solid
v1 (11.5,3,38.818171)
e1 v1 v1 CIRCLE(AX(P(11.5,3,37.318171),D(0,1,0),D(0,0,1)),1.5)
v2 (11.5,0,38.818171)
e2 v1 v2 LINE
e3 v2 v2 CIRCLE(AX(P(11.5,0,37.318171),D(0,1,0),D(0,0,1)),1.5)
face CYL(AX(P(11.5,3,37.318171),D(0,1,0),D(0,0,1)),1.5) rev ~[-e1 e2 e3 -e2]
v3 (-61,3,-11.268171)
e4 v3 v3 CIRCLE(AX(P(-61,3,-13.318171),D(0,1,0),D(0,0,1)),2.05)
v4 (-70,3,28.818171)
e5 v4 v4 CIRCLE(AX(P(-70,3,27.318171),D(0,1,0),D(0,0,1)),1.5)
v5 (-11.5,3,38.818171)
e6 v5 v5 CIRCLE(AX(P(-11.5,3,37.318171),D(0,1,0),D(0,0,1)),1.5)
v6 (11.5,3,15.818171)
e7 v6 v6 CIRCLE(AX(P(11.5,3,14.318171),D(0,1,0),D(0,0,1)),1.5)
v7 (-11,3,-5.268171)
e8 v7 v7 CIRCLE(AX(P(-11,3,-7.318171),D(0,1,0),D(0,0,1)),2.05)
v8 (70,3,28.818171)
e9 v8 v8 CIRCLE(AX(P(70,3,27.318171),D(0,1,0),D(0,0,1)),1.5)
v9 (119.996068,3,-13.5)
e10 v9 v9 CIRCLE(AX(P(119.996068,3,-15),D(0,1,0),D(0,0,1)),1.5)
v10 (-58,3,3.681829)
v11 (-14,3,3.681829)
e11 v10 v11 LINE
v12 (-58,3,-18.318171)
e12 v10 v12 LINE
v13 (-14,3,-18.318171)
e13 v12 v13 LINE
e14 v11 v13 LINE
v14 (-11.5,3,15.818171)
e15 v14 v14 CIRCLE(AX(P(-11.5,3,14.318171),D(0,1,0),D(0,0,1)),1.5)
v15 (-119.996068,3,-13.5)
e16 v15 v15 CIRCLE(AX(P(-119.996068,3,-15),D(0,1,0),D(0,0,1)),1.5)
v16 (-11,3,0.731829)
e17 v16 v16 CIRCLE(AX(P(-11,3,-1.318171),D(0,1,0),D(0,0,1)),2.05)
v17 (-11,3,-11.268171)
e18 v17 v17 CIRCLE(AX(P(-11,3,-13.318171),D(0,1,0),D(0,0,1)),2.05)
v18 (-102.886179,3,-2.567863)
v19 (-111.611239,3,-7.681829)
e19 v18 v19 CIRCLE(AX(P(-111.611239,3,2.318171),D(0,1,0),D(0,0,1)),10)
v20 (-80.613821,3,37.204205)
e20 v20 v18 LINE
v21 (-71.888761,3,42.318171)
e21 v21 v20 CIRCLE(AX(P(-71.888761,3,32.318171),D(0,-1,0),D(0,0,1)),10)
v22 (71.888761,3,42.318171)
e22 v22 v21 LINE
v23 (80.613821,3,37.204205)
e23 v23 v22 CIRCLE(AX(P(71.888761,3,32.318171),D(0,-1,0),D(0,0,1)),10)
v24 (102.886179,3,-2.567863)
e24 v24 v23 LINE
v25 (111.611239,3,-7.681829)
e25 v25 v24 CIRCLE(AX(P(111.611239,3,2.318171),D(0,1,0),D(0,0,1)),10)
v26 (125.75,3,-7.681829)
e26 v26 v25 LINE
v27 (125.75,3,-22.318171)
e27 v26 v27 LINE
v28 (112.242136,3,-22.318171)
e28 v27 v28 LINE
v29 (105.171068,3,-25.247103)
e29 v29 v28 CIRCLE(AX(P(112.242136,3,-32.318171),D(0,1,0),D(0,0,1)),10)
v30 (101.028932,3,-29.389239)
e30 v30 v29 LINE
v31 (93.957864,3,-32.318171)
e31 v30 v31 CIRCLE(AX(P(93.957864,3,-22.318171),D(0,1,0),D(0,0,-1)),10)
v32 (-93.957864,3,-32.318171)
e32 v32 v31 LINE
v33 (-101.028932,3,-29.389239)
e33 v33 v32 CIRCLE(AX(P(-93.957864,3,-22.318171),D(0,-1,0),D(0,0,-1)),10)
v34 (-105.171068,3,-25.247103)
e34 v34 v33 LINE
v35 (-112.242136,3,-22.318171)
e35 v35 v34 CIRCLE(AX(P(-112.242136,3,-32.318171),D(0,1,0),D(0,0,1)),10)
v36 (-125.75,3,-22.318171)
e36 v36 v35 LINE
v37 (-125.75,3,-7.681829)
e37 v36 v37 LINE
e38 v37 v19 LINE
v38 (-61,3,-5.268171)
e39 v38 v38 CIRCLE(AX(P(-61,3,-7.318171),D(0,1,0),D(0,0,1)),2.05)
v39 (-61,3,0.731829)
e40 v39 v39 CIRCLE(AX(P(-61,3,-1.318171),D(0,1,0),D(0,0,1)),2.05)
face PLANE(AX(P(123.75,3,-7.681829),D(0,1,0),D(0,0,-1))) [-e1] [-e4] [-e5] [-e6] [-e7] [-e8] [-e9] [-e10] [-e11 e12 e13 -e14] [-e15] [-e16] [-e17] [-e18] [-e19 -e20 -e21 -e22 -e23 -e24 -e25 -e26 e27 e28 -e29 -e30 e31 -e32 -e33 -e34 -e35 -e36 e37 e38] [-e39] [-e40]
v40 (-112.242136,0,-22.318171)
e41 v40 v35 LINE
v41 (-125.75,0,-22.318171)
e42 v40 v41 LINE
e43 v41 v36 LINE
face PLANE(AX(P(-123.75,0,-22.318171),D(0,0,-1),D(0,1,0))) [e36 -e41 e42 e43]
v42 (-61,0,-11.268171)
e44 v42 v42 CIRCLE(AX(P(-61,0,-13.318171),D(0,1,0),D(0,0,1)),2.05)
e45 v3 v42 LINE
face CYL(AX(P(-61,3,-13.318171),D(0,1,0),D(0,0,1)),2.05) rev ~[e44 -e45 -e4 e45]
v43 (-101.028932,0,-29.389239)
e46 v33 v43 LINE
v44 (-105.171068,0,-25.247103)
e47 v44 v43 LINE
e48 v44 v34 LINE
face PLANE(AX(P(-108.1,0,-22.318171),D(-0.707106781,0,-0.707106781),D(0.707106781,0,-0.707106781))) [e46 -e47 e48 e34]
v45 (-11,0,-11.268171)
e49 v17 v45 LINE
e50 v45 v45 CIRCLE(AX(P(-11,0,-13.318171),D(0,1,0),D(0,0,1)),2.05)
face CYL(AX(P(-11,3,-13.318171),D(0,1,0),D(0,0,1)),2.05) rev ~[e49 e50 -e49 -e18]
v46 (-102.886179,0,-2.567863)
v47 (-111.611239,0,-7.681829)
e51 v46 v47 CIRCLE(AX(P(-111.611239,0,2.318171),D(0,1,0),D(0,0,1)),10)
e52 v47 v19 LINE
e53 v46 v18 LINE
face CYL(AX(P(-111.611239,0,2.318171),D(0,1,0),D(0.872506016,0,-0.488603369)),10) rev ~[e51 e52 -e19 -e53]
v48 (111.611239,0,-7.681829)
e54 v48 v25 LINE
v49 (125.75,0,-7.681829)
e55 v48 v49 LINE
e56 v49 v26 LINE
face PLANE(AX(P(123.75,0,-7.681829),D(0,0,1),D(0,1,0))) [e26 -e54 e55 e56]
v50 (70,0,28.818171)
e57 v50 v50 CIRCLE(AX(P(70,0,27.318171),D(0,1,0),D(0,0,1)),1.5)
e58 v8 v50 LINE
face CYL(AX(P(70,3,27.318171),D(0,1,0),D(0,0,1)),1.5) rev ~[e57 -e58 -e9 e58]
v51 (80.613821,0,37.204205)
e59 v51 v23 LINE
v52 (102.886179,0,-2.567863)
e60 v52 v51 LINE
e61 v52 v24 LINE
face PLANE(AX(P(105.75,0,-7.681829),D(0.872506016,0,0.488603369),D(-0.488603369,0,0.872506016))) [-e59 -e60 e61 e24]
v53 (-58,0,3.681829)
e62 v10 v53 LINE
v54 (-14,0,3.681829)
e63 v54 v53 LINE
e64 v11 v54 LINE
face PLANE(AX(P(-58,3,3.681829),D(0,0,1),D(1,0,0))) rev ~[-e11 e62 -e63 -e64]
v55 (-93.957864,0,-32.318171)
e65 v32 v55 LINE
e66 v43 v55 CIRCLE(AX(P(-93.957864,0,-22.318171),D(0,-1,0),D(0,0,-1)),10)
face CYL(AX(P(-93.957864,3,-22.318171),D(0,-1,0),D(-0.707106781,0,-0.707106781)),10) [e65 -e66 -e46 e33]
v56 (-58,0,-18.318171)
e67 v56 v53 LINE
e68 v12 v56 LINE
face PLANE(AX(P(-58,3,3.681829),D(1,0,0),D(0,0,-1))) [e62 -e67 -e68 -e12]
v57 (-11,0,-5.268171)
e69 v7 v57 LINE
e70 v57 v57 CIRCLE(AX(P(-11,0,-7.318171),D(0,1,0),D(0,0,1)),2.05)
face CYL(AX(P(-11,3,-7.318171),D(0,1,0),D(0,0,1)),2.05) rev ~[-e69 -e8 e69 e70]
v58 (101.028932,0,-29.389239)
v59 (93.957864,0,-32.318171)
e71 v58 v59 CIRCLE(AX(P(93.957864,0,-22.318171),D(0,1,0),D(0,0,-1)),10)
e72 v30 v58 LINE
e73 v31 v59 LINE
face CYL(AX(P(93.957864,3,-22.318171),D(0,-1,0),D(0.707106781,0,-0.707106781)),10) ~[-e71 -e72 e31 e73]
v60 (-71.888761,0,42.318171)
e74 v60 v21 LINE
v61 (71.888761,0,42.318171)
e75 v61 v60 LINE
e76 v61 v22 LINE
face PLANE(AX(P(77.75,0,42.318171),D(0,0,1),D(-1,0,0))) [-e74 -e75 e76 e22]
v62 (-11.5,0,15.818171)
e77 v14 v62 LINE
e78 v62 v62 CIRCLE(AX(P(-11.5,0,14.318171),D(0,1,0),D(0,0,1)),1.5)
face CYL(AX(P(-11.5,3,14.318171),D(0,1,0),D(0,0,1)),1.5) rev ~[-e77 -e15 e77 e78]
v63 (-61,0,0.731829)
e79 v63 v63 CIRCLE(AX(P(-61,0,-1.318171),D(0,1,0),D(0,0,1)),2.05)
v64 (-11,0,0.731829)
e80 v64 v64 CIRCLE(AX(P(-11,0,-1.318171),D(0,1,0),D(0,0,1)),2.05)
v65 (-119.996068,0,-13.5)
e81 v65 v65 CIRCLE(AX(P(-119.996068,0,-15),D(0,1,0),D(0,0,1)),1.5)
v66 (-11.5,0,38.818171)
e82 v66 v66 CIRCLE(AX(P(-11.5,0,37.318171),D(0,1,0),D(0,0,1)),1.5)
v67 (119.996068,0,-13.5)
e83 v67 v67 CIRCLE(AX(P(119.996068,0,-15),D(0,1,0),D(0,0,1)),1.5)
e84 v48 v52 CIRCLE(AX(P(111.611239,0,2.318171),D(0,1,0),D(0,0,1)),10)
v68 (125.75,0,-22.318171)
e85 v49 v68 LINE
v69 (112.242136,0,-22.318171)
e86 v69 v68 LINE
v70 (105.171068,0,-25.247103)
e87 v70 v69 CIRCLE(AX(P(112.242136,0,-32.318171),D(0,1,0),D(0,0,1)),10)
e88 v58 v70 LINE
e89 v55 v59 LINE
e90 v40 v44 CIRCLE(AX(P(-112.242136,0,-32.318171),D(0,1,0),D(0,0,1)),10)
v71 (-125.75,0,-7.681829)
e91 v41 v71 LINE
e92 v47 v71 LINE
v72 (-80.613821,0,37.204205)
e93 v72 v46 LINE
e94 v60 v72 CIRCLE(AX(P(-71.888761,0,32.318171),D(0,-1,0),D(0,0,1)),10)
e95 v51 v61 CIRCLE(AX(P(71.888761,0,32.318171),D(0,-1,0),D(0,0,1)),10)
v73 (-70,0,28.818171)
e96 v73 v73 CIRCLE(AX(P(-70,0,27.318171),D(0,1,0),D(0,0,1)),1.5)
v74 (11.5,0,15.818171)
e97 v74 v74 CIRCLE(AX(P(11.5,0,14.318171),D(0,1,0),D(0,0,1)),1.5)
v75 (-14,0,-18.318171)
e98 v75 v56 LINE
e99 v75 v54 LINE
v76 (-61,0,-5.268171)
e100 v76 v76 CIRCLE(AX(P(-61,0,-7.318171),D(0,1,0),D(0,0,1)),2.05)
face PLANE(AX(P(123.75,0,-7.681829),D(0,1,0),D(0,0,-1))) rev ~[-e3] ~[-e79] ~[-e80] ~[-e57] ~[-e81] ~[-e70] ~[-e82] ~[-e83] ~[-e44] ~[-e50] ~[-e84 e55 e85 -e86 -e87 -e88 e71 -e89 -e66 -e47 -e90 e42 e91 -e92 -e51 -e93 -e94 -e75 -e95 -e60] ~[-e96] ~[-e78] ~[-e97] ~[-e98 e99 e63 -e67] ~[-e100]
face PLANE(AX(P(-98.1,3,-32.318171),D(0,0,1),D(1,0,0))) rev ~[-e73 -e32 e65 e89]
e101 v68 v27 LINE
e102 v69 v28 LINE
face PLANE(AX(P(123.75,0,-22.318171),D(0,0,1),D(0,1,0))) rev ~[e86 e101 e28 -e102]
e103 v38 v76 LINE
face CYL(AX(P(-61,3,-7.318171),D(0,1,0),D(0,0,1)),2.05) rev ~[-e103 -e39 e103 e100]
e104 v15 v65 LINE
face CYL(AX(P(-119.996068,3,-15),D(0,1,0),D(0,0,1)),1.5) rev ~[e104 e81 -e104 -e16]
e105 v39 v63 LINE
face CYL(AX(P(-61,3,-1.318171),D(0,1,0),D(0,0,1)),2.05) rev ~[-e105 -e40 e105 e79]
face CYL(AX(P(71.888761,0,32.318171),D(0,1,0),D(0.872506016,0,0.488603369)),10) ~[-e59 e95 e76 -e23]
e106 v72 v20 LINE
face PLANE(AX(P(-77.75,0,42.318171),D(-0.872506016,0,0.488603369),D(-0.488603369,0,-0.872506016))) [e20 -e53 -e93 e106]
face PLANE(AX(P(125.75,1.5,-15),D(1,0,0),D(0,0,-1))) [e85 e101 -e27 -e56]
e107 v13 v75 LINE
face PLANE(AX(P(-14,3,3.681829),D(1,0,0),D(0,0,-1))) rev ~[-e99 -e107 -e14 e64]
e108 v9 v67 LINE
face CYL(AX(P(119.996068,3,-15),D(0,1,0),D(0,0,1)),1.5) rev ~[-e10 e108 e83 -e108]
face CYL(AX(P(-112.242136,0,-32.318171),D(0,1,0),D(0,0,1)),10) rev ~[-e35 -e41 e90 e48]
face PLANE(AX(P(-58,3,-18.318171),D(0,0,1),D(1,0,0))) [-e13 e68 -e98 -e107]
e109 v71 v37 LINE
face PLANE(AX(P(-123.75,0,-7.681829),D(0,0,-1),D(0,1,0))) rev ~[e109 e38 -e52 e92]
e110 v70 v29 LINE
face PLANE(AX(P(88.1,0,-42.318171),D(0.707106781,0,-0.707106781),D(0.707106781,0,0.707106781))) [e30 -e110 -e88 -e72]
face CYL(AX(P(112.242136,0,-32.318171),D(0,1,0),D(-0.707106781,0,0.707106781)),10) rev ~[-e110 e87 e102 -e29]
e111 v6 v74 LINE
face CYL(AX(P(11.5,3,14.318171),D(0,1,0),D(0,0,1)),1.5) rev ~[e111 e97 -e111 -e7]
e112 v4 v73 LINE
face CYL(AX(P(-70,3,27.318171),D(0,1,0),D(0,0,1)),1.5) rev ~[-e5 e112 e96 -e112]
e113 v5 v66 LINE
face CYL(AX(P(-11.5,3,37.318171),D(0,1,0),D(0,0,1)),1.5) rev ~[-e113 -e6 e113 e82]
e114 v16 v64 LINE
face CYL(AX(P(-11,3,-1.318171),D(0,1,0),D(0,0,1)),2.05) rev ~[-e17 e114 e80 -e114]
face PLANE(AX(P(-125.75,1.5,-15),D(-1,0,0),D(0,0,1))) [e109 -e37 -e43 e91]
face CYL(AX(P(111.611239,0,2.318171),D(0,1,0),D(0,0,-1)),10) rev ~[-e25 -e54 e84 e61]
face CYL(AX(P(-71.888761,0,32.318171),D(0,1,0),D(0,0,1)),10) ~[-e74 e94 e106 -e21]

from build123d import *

# Parameters (mm, degrees)
SALIENTE_EXTRUIR1_DEPTH = 3
REDONDEO1_R             = 10
CROQUIS2_R              = 1.5
CROQUIS2_R_2            = 2.05
CROQUIS2_W              = 42
CROQUIS2_H              = 20
CORTAR_EXTRUIR1_DEPTH   = 135.610141171
CROQUIS3_W              = 4
CROQUIS3_H              = 14.636342218
CORTAR_EXTRUIR2_DEPTH   = 135.610141171
CROQUIS4_W              = 44
CROQUIS4_H              = 22
CORTAR_EXTRUIR3_DEPTH   = 131.820067673
CORTAR_EXTRUIR4_DEPTH   = 131.820067673
REDONDEO2_R             = 20
CORTAR_EXTRUIR5_DEPTH   = 10
REDONDEO3_R             = 10
CROQUIS7_W              = 14.636342218
CROQUIS7_H              = 3
SALIENTE_EXTRUIR2_DEPTH = 2
CROQUIS8_W              = 14.636342218
CROQUIS8_H              = 3
SALIENTE_EXTRUIR3_DEPTH = 2


with BuildPart() as part:
    # Croquis1 → Saliente-Extruir1 (new body)
    with BuildSketch(Plane(origin=(0, 0, 0), x_dir=(1, 0, 0), z_dir=(0, 1, 0))):
        Polygon((-88.1, 42.318171109), (88.1, 42.318171109), (108.1, 22.318171109), (127.75, 22.318171109), (127.75, 7.681828891), (105.75, 7.681828891), (77.75, -42.318171109), (-77.75, -42.318171109), (-105.75, 7.681828891), (-127.75, 7.681828891), (-127.75, 22.318171109), (-108.1, 22.318171109), align=None)
    extrude(amount=SALIENTE_EXTRUIR1_DEPTH)

    # Redondeo1
    redondeo1_edges = [part.edges().sort_by_distance(p)[0] for p in [
        (-88.1, 1.5, -42.318171109),
        (88.1, 1.5, -42.318171109),
        (108.1, 1.5, -22.318171109),
        (105.75, 1.5, -7.681828891),
        (77.75, 1.5, 42.318171109),
        (-77.75, 1.5, 42.318171109),
        (-105.75, 1.5, -7.681828891),
        (-108.1, 1.5, -22.318171109),
    ]]
    fillet(redondeo1_edges, radius=REDONDEO1_R)

    # Croquis2 → Cortar-Extruir1 (cut, through all)
    with BuildSketch(Plane(origin=(0, 3, 0), x_dir=(1, 0, 0), z_dir=(0, 1, 0))):
        with Locations(Location((70, -27.318171109, 0), (0, 0, 270))):
            Circle(CROQUIS2_R)
        with Locations(Location((-70, -27.318171109, 0), (0, 0, 270))):
            Circle(CROQUIS2_R)
        with Locations(Location((-119.996067812, 15, 0), (0, 0, 270))):
            Circle(CROQUIS2_R)
        with Locations(Location((119.996067812, 15, 0), (0, 0, 270))):
            Circle(CROQUIS2_R)
        with Locations(Location((-11.5, -14.318171109, 0), (0, 0, 270))):
            Circle(CROQUIS2_R)
        with Locations(Location((11.5, -14.318171109, 0), (0, 0, 270))):
            Circle(CROQUIS2_R)
        with Locations(Location((-11.5, -37.318171109, 0), (0, 0, 270))):
            Circle(CROQUIS2_R)
        with Locations(Location((11.5, -37.318171109, 0), (0, 0, 270))):
            Circle(CROQUIS2_R)
        with Locations(Location((-61, 7.318171109, 0), (0, 0, 270))):
            Circle(CROQUIS2_R_2)
        with Locations(Location((-11, 7.318171109, 0), (0, 0, 270))):
            Circle(CROQUIS2_R_2)
        with Locations(Location((-61, 13.318171109, 0), (0, 0, 270))):
            Circle(CROQUIS2_R_2)
        with Locations(Location((-61, 1.318171109, 0), (0, 0, 270))):
            Circle(CROQUIS2_R_2)
        with Locations(Location((-11, 13.318171109, 0), (0, 0, 270))):
            Circle(CROQUIS2_R_2)
        with Locations(Location((-11, 1.318171109, 0), (0, 0, 270))):
            Circle(CROQUIS2_R_2)
        with Locations((-36, 7.318171109)):
            Rectangle(CROQUIS2_W, CROQUIS2_H)
    extrude(amount=-CORTAR_EXTRUIR1_DEPTH, mode=Mode.SUBTRACT)

    # Croquis3 → Cortar-Extruir2 (cut, through all)
    with BuildSketch(Plane(origin=(0, 3, 0), x_dir=(1, 0, 0), z_dir=(0, 1, 0))):
        with Locations((-125.75, 15)):
            Rectangle(CROQUIS3_W, CROQUIS3_H)
        with Locations((125.75, 15)):
            Rectangle(CROQUIS3_W, CROQUIS3_H)
    extrude(amount=-CORTAR_EXTRUIR2_DEPTH, mode=Mode.SUBTRACT)

    # Croquis4 → Cortar-Extruir3 (cut, through all)
    with BuildSketch(Plane(origin=(0, 3, 0), x_dir=(1, 0, 0), z_dir=(0, 1, 0))):
        with Locations((-36, 7.318171109)):
            Rectangle(CROQUIS4_W, CROQUIS4_H)
    extrude(amount=-CORTAR_EXTRUIR3_DEPTH, mode=Mode.SUBTRACT)

    # Croquis5 → Cortar-Extruir4 (cut, through all)
    with BuildSketch(Plane(origin=(0, 3, 0), x_dir=(1, 0, 0), z_dir=(0, 1, 0))):
        Polygon((-63.75, 42.318171109), (-38.75, 32.318171109), (38.75, 32.318171109), (63.75, 42.318171109), align=None)
    extrude(amount=-CORTAR_EXTRUIR4_DEPTH, mode=Mode.SUBTRACT)

    # Redondeo2
    redondeo2_edges = [part.edges().sort_by_distance(p)[0] for p in [
        (-63.75, 1.5, -42.318171109),
        (63.75, 1.5, -42.318171109),
        (38.75, 1.5, -32.318171109),
        (-38.75, 1.5, -32.318171109),
    ]]
    fillet(redondeo2_edges, radius=REDONDEO2_R)

    # Croquis6 → Cortar-Extruir5 (cut)
    with BuildSketch(Plane(origin=(0, 3, 0), x_dir=(1, 0, 0), z_dir=(0, 1, 0))):
        Polygon((-34.898351929, 32.318171109), (-98.1, 32.318171109), (-98.1, 50.604425951), (105.42793471, 50.604425951), (105.42793471, 32.318171109), align=None)
    extrude(amount=-CORTAR_EXTRUIR5_DEPTH, mode=Mode.SUBTRACT)

    # Redondeo3
    redondeo3_edges = [part.edges().sort_by_distance(p)[0] for p in [
        (98.1, 1.5, -32.318171109),
        (-98.1, 1.5, -32.318171109),
    ]]
    fillet(redondeo3_edges, radius=REDONDEO3_R)

    # Croquis7 → Saliente-Extruir2 (add)
    with BuildSketch(Plane.ZY.offset(123.75)):
        with Locations((-15, 1.5)):
            Rectangle(CROQUIS7_W, CROQUIS7_H)
    extrude(amount=SALIENTE_EXTRUIR2_DEPTH)

    # Croquis8 → Saliente-Extruir3 (add)
    with BuildSketch(Plane(origin=(123.75, 0, 0), x_dir=(0, 0, -1), z_dir=(1, 0, 0))):
        with Locations((15, 1.5)):
            Rectangle(CROQUIS8_W, CROQUIS8_H)
    extrude(amount=SALIENTE_EXTRUIR3_DEPTH)


solid = part.part
